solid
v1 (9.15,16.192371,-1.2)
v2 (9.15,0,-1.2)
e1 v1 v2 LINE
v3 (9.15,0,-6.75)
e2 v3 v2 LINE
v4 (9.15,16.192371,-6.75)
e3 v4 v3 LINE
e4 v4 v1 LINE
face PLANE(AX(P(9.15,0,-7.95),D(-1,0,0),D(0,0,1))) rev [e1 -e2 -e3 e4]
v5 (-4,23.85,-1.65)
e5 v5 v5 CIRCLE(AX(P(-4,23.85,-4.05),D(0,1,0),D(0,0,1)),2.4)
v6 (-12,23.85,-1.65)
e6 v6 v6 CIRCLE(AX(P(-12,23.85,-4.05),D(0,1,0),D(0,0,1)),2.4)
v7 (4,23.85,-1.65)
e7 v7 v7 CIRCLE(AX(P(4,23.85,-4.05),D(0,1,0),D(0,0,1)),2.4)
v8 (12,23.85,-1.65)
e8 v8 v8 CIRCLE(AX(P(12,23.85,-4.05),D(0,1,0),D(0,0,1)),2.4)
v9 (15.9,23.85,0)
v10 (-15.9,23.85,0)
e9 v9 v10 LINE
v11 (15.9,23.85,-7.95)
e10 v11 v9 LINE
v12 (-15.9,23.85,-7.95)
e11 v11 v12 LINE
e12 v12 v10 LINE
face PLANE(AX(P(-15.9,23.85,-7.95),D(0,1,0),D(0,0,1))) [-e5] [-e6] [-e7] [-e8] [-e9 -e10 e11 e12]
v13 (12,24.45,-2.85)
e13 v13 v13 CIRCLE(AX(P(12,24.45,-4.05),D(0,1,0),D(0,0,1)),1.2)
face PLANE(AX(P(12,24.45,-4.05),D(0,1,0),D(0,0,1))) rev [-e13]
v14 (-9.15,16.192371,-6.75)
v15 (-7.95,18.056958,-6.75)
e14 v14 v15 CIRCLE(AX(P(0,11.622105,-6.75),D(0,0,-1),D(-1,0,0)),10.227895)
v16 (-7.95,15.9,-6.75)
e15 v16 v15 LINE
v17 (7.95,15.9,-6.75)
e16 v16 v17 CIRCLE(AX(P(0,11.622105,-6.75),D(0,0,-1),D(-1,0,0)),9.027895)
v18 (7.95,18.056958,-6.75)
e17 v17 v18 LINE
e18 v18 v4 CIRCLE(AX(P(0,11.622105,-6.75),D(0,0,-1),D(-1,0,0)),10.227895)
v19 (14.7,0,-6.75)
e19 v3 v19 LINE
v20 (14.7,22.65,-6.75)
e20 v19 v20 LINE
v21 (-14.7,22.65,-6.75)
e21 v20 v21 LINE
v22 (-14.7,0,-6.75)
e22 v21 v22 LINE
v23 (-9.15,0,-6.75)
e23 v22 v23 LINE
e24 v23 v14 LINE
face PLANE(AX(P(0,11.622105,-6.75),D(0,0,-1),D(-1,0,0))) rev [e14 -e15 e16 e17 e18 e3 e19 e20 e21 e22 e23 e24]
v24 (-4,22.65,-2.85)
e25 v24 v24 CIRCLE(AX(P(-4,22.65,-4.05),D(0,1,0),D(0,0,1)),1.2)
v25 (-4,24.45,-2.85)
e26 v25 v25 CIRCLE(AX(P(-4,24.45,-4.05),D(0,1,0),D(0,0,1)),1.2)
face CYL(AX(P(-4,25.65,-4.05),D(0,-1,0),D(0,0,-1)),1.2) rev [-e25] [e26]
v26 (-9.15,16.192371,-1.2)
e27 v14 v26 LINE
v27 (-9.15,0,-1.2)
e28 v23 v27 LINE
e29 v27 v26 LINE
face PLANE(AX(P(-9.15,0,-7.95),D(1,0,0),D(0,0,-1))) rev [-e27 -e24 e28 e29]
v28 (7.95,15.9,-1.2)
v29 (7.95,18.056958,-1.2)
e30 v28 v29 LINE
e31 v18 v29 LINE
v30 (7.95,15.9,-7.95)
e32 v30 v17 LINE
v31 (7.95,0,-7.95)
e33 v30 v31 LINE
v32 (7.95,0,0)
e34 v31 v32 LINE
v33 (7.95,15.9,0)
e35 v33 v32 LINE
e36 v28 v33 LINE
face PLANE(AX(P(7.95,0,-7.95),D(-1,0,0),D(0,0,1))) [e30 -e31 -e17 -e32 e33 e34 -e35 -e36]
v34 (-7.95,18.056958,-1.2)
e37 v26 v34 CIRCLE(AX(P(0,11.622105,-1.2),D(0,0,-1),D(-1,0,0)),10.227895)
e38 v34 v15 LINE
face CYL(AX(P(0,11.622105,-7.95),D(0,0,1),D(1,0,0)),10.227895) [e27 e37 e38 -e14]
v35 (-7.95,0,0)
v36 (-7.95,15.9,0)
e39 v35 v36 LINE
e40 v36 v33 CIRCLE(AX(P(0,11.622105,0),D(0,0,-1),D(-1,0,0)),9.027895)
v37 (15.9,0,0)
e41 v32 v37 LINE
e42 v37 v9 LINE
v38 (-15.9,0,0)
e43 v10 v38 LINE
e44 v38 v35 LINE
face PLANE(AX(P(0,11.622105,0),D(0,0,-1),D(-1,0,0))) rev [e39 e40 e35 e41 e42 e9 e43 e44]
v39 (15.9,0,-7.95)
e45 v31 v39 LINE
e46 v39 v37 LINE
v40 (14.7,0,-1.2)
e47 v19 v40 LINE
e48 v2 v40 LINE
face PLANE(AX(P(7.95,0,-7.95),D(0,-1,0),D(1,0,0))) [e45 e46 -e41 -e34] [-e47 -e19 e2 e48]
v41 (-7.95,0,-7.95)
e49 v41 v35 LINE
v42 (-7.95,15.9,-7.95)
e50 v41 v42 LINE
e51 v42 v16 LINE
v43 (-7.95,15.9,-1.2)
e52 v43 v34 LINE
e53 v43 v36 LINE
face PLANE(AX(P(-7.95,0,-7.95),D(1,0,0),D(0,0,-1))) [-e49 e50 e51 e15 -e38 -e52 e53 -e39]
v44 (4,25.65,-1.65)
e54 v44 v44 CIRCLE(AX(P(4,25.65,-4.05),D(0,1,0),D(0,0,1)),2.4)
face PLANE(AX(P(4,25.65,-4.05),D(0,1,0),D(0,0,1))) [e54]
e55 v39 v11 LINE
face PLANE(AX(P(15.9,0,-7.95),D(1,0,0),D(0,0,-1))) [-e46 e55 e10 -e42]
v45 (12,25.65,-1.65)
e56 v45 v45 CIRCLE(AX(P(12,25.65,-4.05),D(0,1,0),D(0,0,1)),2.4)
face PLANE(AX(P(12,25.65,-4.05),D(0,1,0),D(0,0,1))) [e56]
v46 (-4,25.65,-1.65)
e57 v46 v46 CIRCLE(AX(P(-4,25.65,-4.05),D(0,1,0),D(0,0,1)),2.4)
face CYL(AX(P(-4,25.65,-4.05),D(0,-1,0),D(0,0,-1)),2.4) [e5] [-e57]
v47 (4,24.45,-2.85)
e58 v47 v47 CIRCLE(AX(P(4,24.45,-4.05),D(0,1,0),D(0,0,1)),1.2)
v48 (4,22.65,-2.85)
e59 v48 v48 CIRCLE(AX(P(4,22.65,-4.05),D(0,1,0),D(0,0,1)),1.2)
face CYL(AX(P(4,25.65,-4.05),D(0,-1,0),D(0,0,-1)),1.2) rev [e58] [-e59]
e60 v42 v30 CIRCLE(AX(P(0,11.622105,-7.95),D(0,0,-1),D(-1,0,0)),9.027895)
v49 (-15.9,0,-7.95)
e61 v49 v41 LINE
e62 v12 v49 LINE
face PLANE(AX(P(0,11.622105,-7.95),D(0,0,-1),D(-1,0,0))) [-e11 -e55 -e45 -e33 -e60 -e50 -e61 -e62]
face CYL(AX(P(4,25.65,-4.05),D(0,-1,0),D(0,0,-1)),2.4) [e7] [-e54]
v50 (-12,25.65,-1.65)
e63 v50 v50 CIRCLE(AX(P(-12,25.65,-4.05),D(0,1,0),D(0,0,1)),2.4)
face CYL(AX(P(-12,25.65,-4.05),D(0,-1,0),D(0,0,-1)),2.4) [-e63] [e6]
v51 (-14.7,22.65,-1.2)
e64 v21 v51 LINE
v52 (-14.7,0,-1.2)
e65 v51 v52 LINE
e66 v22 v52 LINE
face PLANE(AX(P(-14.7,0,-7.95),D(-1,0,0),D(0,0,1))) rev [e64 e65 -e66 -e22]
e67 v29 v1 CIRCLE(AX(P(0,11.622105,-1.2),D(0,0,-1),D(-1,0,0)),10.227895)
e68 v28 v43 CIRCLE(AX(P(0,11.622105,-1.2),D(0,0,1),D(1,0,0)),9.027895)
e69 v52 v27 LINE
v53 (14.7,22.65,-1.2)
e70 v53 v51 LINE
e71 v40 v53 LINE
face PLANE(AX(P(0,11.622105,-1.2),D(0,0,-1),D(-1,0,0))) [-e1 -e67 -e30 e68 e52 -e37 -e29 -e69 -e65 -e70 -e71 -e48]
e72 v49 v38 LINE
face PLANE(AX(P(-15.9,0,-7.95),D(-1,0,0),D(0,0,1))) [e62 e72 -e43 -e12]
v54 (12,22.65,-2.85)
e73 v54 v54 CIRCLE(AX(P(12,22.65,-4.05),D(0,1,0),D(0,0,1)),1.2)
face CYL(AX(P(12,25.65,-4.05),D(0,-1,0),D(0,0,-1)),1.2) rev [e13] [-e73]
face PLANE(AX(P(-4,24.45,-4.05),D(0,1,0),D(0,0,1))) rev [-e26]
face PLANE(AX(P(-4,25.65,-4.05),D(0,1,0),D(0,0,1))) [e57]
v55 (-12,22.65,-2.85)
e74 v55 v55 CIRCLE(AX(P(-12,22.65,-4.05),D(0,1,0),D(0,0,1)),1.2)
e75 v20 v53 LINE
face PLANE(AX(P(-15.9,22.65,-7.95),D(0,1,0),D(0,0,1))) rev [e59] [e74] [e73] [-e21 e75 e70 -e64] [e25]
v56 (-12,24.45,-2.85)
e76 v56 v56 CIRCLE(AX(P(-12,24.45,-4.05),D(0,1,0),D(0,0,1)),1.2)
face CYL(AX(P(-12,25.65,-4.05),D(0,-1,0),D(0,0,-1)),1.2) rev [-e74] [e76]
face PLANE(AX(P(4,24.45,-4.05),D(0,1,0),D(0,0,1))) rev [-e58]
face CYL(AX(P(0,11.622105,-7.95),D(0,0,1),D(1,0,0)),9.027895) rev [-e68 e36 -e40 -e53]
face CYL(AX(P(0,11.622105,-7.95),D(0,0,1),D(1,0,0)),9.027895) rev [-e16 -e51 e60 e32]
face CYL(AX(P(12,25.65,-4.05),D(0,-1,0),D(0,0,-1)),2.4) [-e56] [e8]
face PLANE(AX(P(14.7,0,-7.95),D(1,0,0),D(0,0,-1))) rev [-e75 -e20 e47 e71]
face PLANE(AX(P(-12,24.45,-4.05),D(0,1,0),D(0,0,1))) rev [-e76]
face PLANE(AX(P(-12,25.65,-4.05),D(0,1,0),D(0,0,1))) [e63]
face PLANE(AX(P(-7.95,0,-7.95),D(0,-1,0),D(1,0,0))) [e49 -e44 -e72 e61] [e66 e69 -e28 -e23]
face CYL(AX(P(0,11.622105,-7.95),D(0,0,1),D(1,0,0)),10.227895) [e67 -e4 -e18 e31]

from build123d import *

# Parameters (mm, degrees)
BOSS_EXTRUDE1_DEPTH = 7.95
SKETCH2_R           = 2.4
BOSS_EXTRUDE2_DEPTH = 1.8
LPATTERN1_COUNT     = 4
LPATTERN1_PITCH     = 8
SHELL3_T            = -1.2
CUT_EXTRUDE1_START  = -1.2
SKETCH3_W           = 15.9
SKETCH3_H           = 5.55
CUT_EXTRUDE1_DEPTH  = 29.546176225


with BuildPart() as part:
    # Sketch1 → Boss-Extrude1 (new body)
    with BuildSketch(Plane.XY):
        with BuildLine():
            Line((-7.95, 0), (-15.9, 0))
            Line((-15.9, 0), (-15.9, 23.85))
            Line((-15.9, 23.85), (15.9, 23.85))
            Line((15.9, 23.85), (15.9, 0))
            Line((15.9, 0), (7.95, 0))
            Line((7.95, 0), (7.95, 15.9))
            ThreePointArc((7.95, 15.9), (0, 20.65), (-7.95, 15.9))
            Line((-7.95, 15.9), (-7.95, 0))
        make_face()
    extrude(amount=-BOSS_EXTRUDE1_DEPTH)

    # Sketch2 → Boss-Extrude2 (add)
    with BuildSketch(Plane(origin=(0, 23.85, 0), x_dir=(1, 0, 0), z_dir=(0, 1, 0))):
        with Locations(Location((-12, 4.05, 0), (0, 0, 270))):
            Circle(SKETCH2_R)
    boss_extrude2 = extrude(amount=BOSS_EXTRUDE2_DEPTH)

    # LPattern1: Boss-Extrude2 ×4
    with Locations(*[(i * LPATTERN1_PITCH, 0, 0) for i in range(1, LPATTERN1_COUNT)]):
        add(boss_extrude2)

    # Shell3
    shell3_openings = [part.faces().sort_by_distance(p)[0] for p in [
        (-11.925, 0, -3.975),
        (11.925, 0, -3.975),
    ]]
    offset(amount=SHELL3_T, openings=shell3_openings, kind=Kind.INTERSECTION)

    # Sketch3 → Cut-Extrude1 (cut, through all)
    with BuildSketch(Plane(origin=(0, 23.85, 0), x_dir=(1, 0, 0), z_dir=(0, 1, 0)).offset(CUT_EXTRUDE1_START)):
        with Locations((0, 3.975)):
            Rectangle(SKETCH3_W, SKETCH3_H)
    extrude(amount=-CUT_EXTRUDE1_DEPTH, mode=Mode.SUBTRACT)


solid = part.part
